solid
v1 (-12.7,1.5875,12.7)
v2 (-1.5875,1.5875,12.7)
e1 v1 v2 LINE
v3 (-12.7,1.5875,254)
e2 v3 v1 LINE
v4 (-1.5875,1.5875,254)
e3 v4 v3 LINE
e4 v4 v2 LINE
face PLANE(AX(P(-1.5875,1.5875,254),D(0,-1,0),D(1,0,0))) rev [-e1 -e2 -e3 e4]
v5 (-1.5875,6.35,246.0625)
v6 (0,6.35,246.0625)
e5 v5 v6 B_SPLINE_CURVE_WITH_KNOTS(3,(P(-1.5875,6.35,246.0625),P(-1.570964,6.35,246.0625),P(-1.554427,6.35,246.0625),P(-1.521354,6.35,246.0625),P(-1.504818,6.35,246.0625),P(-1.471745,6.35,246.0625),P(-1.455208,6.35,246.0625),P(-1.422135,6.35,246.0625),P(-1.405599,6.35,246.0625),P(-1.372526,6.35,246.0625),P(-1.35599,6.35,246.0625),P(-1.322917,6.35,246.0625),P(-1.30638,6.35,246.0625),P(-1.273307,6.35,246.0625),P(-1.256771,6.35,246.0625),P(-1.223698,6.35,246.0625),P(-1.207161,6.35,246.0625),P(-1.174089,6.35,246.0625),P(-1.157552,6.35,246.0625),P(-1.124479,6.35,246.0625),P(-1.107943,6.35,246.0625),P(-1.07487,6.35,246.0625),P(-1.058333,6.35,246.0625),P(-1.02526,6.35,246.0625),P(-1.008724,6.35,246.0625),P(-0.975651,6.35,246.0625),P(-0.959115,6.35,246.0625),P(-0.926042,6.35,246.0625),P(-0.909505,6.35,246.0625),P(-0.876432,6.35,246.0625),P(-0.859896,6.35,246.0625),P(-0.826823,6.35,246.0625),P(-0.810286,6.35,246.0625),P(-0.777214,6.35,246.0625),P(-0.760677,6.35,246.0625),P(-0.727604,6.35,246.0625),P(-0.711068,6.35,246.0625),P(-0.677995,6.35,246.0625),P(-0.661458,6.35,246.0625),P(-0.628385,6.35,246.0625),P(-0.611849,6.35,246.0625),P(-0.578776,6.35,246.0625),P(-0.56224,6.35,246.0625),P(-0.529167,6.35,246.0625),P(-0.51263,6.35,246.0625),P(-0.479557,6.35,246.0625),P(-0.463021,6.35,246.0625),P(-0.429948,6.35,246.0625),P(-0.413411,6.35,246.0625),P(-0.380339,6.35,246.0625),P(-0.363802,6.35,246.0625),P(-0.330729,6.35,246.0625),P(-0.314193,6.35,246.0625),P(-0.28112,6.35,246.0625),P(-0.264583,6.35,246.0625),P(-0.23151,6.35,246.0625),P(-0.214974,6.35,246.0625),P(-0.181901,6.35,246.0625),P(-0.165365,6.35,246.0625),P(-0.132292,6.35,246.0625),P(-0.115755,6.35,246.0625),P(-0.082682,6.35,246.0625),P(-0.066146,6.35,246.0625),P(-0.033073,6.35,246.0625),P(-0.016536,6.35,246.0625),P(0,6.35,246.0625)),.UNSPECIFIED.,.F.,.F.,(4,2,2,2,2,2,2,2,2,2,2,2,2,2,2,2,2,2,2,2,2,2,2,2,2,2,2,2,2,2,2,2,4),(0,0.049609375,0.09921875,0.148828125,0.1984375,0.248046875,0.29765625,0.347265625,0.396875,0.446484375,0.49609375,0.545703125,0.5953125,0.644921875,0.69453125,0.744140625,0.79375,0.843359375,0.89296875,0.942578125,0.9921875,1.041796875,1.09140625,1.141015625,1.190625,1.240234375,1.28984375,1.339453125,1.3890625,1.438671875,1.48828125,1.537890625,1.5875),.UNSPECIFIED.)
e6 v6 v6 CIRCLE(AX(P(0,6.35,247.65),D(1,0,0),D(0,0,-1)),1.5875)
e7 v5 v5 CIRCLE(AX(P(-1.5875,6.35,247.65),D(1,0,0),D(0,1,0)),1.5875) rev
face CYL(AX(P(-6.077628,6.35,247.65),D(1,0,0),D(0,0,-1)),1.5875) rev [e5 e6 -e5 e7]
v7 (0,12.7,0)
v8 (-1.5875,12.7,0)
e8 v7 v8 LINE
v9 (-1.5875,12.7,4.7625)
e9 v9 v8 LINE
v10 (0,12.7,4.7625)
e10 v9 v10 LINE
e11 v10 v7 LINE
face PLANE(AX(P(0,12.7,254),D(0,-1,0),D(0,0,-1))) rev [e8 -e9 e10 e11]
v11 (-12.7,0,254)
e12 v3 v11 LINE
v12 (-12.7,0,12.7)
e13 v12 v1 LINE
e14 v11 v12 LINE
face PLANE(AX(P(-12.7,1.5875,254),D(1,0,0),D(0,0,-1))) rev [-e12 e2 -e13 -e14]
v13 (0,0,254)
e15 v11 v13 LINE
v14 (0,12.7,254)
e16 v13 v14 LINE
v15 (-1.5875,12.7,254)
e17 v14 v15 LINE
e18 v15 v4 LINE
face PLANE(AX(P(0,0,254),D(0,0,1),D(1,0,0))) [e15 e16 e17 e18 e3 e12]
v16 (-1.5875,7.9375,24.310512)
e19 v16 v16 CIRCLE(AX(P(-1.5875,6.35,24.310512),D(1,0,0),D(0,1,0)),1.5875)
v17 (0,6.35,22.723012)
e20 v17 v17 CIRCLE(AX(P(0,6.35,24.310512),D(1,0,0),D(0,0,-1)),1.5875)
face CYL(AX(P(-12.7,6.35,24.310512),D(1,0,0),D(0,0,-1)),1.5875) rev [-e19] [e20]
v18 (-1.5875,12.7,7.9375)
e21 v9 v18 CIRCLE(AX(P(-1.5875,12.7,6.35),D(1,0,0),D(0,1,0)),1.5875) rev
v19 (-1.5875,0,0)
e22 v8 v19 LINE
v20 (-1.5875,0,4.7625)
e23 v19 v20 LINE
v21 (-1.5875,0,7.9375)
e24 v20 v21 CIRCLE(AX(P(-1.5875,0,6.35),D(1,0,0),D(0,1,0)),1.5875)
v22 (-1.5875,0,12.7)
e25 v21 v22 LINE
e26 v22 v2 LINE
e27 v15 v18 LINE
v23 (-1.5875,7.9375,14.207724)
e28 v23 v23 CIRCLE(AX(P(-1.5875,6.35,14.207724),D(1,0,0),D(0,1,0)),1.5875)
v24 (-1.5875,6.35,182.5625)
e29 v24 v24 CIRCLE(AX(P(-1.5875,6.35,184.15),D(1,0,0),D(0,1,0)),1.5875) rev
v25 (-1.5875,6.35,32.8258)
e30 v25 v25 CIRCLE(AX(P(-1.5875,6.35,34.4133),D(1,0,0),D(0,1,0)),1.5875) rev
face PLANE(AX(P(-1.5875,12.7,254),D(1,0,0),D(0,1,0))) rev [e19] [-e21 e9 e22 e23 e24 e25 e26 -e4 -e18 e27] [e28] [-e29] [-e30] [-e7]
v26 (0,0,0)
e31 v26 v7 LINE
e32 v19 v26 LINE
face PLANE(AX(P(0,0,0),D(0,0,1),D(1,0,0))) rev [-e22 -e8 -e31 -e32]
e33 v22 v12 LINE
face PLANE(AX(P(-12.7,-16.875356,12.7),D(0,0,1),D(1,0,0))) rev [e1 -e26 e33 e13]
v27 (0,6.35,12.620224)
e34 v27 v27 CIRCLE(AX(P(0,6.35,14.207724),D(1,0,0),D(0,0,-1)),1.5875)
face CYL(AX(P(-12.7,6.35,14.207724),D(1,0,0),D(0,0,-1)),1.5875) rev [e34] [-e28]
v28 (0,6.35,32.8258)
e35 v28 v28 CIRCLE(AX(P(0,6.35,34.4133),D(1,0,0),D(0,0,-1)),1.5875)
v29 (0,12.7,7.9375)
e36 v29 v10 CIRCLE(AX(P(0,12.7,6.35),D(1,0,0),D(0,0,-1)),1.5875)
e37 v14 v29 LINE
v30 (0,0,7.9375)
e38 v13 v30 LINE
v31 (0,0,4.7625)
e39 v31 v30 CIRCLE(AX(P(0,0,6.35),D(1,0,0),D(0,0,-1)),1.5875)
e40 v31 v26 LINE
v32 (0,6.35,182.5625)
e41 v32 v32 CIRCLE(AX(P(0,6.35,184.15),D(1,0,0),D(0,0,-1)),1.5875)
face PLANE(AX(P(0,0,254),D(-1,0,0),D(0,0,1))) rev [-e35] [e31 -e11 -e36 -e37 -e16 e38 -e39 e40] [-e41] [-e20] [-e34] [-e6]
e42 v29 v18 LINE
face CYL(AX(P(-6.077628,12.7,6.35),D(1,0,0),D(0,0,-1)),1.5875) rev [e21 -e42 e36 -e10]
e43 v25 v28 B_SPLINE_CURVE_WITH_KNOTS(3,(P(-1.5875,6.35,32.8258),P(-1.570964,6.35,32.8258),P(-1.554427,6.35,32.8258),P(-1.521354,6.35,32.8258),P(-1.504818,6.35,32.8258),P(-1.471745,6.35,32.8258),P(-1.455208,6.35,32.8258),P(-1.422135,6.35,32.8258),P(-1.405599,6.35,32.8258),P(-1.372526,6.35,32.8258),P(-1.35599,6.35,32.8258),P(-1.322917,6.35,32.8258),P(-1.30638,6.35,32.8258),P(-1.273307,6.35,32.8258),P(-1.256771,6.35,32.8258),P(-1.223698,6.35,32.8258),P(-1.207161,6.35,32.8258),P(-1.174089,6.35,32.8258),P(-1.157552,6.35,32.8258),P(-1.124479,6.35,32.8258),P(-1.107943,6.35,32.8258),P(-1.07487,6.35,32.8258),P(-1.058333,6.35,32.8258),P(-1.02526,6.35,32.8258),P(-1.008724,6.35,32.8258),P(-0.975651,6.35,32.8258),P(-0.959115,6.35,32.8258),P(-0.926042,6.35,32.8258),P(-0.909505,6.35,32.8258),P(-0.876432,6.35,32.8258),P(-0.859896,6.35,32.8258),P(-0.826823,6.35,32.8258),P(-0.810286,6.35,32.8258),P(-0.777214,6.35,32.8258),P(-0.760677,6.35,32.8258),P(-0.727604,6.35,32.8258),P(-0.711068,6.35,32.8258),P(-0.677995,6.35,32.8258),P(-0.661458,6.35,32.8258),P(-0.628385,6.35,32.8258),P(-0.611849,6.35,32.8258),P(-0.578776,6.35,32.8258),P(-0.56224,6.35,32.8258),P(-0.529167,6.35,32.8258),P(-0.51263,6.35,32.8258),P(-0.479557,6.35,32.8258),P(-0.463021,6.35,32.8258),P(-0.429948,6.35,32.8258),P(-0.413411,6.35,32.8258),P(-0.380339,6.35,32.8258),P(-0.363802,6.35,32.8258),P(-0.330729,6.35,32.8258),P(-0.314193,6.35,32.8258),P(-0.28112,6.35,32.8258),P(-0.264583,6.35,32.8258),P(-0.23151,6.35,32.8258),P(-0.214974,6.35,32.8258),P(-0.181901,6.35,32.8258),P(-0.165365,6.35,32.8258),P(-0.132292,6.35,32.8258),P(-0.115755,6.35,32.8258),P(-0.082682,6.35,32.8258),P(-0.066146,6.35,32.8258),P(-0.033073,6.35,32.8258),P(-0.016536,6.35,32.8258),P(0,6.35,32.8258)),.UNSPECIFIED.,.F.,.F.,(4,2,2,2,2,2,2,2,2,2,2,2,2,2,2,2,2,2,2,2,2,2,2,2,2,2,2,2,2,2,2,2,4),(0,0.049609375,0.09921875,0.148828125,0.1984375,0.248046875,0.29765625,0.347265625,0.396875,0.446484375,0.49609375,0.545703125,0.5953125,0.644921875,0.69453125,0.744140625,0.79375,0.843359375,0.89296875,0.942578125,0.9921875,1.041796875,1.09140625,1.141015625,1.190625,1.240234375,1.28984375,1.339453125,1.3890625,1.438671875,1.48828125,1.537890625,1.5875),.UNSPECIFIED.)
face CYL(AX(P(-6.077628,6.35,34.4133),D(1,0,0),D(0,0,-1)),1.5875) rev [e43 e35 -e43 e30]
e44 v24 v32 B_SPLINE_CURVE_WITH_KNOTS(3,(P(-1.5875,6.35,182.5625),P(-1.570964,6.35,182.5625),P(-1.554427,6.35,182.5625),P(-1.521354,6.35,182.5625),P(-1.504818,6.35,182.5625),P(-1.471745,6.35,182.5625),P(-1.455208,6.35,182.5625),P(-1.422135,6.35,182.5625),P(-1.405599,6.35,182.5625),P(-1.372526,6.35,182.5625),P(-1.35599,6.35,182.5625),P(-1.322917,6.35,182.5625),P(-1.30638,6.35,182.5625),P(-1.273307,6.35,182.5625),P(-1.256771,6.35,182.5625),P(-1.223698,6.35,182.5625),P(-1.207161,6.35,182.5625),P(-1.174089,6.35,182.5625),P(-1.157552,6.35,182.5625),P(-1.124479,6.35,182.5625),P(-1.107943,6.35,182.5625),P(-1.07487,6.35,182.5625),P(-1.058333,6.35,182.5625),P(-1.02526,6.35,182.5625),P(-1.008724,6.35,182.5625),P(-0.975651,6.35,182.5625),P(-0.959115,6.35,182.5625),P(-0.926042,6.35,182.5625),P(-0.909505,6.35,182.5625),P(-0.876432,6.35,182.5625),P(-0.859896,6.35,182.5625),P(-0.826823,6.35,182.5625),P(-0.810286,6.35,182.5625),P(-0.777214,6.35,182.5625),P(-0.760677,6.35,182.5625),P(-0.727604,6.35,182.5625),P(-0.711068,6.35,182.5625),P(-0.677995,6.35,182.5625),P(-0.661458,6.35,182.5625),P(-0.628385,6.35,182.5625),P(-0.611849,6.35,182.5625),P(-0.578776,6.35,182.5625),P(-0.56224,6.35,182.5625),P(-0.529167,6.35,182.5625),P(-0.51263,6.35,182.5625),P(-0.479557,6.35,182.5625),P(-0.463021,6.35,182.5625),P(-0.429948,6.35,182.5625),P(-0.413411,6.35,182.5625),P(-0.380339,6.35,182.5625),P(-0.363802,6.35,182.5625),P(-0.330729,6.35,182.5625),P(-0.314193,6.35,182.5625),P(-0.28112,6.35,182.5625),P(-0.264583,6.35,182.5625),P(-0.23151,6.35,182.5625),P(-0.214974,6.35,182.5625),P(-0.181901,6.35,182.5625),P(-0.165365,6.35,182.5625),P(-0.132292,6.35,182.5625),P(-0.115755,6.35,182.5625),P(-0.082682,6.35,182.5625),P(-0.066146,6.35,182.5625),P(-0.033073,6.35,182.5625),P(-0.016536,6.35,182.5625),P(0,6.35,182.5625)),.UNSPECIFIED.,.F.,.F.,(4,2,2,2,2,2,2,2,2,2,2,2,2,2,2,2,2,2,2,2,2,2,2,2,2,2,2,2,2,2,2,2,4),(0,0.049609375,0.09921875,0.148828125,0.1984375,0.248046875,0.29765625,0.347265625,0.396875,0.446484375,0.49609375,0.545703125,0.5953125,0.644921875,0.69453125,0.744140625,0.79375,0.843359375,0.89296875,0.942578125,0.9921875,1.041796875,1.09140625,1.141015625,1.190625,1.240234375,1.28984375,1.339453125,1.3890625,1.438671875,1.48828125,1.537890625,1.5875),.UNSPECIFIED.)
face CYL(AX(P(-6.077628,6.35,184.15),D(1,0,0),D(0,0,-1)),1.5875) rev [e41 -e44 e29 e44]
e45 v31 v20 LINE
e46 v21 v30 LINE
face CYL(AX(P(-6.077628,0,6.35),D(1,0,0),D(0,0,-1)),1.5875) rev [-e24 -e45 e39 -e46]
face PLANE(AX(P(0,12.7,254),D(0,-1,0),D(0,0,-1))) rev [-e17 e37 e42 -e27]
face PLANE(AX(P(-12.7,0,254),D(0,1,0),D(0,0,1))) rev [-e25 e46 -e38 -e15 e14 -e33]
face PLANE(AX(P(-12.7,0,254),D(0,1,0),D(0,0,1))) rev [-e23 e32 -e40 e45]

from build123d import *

# Parameters (mm, degrees)
EXTRUDE1_DEPTH     = 254
SKETCH2_R          = 1.5875
EXTRUDE2_DEPTH     = 1.5875
SKETCH3_R          = 1.5875
CUT_EXTRUDE3_DEPTH = 255.634208228
SKETCH5_W          = 11.1125
SKETCH5_H          = 12.7
CUT_EXTRUDE4_DEPTH = 1.5875
SKETCH6_R          = 1.5875
CUT_EXTRUDE5_DEPTH = 1.5875
SKETCH7_R          = 1.5875
CUT_EXTRUDE6_DEPTH = 1.5875


with BuildPart() as part:
    # Sketch1 → Extrude1 (new body)
    with BuildSketch(Plane.XY):
        Polygon((0, 0), (0, 12.7), (-1.5875, 12.7), (-1.5875, 1.5875), (-12.7, 1.5875), (-12.7, 0), align=None)
    extrude(amount=EXTRUDE1_DEPTH)

    # Sketch2 → Extrude2 (cut)
    with BuildSketch(Plane(origin=(0, 0, 0), x_dir=(0, 0, -1), z_dir=(1, 0, 0))):
        with Locations((-247.65, 6.35)):
            Circle(SKETCH2_R)
        with Locations((-184.15, 6.35)):
            Circle(SKETCH2_R)
    extrude(amount=-EXTRUDE2_DEPTH, mode=Mode.SUBTRACT)

    # Sketch3 → Cut-Extrude3 (cut, through all)
    with BuildSketch(Plane(origin=(0, 0, 0), x_dir=(0, 0, -1), z_dir=(1, 0, 0))):
        with Locations((-24.310512242, 6.35)):
            Circle(SKETCH3_R)
        with Locations((-14.207724106, 6.35)):
            Circle(SKETCH3_R)
    extrude(amount=-CUT_EXTRUDE3_DEPTH, mode=Mode.SUBTRACT)

    # Sketch5 → Cut-Extrude4 (cut)
    with BuildSketch(Plane(origin=(0, 1.5875, 0), x_dir=(1, 0, 0), z_dir=(0, 1, 0))):
        with Locations((-7.14375, -6.35)):
            Rectangle(SKETCH5_W, SKETCH5_H)
    extrude(amount=-CUT_EXTRUDE4_DEPTH, mode=Mode.SUBTRACT)

    # Sketch6 → Cut-Extrude5 (cut)
    with BuildSketch(Plane(origin=(0, 0, 0), x_dir=(0, 0, -1), z_dir=(1, 0, 0))):
        with Locations((-6.35, 12.7)):
            Circle(SKETCH6_R)
        with Locations((-6.35, 0)):
            Circle(SKETCH6_R)
    extrude(amount=-CUT_EXTRUDE5_DEPTH, mode=Mode.SUBTRACT)

    # Sketch7 → Cut-Extrude6 (cut)
    with BuildSketch(Plane(origin=(0, 0, 0), x_dir=(0, 0, -1), z_dir=(1, 0, 0))):
        with Locations((-34.413300378, 6.35)):
            Circle(SKETCH7_R)
    extrude(amount=-CUT_EXTRUDE6_DEPTH, mode=Mode.SUBTRACT)


solid = part.part
